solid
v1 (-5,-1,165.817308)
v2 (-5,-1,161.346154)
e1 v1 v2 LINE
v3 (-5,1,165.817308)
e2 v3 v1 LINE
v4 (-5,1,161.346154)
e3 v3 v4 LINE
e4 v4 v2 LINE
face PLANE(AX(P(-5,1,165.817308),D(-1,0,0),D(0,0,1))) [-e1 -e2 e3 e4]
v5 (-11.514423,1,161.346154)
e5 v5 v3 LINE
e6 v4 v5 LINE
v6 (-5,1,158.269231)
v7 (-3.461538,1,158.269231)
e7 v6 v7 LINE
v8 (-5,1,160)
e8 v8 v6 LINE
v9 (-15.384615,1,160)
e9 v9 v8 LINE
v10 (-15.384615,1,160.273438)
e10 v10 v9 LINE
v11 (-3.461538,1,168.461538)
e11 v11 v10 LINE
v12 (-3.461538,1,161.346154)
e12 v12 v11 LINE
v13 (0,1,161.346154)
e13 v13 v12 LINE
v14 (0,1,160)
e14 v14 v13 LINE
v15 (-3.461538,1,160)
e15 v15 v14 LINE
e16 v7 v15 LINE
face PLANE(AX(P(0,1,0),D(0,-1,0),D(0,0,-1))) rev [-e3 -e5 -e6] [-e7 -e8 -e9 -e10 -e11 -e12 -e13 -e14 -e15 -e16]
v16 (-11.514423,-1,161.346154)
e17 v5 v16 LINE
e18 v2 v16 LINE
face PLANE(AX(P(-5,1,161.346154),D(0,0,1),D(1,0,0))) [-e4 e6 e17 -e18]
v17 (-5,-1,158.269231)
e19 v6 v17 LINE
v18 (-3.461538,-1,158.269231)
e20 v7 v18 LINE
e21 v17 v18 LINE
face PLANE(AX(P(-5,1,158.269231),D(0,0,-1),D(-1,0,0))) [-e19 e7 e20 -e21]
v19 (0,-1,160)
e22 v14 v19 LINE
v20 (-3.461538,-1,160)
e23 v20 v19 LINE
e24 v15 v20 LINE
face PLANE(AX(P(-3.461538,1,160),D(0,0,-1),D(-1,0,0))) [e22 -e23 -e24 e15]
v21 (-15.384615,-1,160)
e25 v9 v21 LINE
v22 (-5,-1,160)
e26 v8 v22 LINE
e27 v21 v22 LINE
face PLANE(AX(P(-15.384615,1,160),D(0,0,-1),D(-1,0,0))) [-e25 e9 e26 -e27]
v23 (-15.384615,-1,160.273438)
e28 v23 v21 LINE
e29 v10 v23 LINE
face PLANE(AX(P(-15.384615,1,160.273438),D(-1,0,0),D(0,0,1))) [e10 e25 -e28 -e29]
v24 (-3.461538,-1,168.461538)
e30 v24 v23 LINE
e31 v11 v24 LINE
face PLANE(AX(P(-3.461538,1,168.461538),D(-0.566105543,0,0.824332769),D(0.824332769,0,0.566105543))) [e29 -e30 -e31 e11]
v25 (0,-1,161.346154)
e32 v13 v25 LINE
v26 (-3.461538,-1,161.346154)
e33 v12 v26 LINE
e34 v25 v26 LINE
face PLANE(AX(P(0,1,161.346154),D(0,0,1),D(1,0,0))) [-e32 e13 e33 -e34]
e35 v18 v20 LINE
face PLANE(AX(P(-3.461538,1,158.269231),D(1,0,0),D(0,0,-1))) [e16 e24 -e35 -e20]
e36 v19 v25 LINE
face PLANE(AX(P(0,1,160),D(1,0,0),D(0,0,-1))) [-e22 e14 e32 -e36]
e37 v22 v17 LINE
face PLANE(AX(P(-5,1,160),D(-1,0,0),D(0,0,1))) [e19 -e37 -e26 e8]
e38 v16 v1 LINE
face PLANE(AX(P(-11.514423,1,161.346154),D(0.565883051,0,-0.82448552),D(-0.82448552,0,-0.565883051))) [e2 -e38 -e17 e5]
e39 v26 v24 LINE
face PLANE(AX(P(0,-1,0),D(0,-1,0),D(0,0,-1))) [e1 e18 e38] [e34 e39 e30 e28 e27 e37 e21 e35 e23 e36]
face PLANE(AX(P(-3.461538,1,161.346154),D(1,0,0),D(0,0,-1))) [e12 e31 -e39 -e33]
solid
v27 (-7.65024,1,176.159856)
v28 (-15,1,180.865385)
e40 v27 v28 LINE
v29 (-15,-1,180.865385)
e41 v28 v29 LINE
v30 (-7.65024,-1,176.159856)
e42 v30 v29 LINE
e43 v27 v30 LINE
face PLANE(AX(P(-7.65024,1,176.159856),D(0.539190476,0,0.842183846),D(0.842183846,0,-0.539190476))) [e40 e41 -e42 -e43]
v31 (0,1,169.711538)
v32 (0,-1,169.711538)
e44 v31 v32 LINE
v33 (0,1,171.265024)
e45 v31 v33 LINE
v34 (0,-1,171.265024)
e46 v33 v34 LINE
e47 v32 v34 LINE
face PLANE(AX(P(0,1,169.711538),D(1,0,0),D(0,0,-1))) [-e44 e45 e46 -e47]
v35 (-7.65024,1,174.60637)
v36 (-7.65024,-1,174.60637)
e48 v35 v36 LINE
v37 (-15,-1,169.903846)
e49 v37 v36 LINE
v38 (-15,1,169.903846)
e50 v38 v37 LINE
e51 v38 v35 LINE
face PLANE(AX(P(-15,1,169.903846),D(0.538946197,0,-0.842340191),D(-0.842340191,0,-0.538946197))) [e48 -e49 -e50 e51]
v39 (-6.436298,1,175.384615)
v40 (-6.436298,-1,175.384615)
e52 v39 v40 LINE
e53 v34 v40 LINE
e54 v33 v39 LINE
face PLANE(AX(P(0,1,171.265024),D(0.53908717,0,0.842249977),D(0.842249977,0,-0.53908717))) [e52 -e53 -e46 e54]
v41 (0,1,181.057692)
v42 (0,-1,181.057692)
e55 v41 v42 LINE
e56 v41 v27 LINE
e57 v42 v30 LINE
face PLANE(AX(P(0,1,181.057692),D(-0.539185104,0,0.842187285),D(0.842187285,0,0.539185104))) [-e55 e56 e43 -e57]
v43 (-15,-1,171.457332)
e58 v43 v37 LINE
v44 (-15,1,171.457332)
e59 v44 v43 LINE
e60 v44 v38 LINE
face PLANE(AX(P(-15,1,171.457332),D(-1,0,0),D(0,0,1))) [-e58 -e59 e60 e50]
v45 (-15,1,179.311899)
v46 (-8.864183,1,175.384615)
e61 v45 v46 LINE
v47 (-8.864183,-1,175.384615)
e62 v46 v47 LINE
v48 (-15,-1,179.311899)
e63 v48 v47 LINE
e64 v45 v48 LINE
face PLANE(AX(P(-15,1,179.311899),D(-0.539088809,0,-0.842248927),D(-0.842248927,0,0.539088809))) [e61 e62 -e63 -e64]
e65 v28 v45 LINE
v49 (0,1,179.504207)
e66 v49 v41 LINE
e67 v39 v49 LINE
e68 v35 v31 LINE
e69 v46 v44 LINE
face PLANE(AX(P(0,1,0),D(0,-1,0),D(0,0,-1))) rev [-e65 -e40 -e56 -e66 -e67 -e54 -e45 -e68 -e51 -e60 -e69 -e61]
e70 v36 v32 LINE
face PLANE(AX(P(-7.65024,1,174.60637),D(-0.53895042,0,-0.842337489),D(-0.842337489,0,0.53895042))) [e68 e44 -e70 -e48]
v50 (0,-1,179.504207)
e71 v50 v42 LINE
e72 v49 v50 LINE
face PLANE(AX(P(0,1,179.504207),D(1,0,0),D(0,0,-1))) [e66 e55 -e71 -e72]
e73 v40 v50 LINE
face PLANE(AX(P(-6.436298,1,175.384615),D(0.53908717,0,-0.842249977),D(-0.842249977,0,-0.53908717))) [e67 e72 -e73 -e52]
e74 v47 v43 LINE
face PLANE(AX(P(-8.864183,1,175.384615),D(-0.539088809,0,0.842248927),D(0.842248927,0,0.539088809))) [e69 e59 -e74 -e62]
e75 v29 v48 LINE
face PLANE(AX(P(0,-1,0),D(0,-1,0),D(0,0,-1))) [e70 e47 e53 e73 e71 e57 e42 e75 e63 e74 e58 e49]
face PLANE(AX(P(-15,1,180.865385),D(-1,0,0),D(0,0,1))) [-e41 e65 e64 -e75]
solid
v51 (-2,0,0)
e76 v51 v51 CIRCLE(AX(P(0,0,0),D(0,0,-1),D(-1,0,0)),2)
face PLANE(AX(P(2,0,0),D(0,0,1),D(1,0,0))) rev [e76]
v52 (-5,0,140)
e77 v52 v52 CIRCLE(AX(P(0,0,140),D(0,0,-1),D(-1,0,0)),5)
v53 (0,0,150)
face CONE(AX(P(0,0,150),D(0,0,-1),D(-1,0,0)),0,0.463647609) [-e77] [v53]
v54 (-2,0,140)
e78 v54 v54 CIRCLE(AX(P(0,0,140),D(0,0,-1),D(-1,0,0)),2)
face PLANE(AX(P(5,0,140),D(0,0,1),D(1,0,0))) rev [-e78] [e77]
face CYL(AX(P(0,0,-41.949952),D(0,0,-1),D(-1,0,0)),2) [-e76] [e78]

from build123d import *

# Parameters (mm, degrees)
BOSS_EXTRUDE1_DEPTH        = 1
BOSS_EXTRUDE1_DEPTH_BACK   = 1
BOSS_EXTRUDE1_2_DEPTH      = 1
BOSS_EXTRUDE1_2_DEPTH_BACK = 1


with BuildPart() as part:
    # Sketch2 → Revolve1 (revolve)
    with BuildSketch(Plane(origin=(0, 0, 0), x_dir=(1, 0, 0), z_dir=(0, 1, 0))):
        Polygon((0, -150), (5, -140), (2, -140), (2, 0), (0, 0), align=None)
    revolve(axis=Axis((0, 0, -41.949952025), (0, 0, 1)))


with BuildPart() as body_2:
    # Sketch3 → Boss-Extrude1 (new, two sides: drawn at the far end of the back side and taken through both)
    with BuildSketch(Plane(origin=(0, 0, 0), x_dir=(1, 0, 0), z_dir=(0, 1, 0)).offset(-BOSS_EXTRUDE1_DEPTH_BACK)):
        Polygon((-15.384615385, -160.2734375), (-15.384615385, -160), (-5, -160), (-5, -158.269230769), (-3.461538462, -158.269230769), (-3.461538462, -160), (0, -160), (0, -161.346153846), (-3.461538462, -161.346153846), (-3.461538462, -168.461538462), align=None)
        Polygon((-5, -161.346153846), (-11.514423077, -161.346153846), (-5, -165.817307692), align=None, mode=Mode.SUBTRACT)
    extrude(amount=BOSS_EXTRUDE1_DEPTH + BOSS_EXTRUDE1_DEPTH_BACK)


with BuildPart() as body_3:
    # Sketch3 → Boss-Extrude1 2 (new, two sides: drawn at the far end of the back side and taken through both)
    with BuildSketch(Plane(origin=(0, 0, 0), x_dir=(1, 0, 0), z_dir=(0, 1, 0)).offset(-BOSS_EXTRUDE1_2_DEPTH_BACK)):
        Polygon((-15, -180.865384615), (-15, -179.311899038), (-8.864182692, -175.384615385), (-15, -171.457331731), (-15, -169.903846154), (-7.650240385, -174.606370192), (0, -169.711538462), (0, -171.265024038), (-6.436298077, -175.384615385), (0, -179.504206731), (0, -181.057692308), (-7.650240385, -176.159855769), align=None)
    extrude(amount=BOSS_EXTRUDE1_2_DEPTH + BOSS_EXTRUDE1_2_DEPTH_BACK)


solid = Compound([part.part, body_2.part, body_3.part])
